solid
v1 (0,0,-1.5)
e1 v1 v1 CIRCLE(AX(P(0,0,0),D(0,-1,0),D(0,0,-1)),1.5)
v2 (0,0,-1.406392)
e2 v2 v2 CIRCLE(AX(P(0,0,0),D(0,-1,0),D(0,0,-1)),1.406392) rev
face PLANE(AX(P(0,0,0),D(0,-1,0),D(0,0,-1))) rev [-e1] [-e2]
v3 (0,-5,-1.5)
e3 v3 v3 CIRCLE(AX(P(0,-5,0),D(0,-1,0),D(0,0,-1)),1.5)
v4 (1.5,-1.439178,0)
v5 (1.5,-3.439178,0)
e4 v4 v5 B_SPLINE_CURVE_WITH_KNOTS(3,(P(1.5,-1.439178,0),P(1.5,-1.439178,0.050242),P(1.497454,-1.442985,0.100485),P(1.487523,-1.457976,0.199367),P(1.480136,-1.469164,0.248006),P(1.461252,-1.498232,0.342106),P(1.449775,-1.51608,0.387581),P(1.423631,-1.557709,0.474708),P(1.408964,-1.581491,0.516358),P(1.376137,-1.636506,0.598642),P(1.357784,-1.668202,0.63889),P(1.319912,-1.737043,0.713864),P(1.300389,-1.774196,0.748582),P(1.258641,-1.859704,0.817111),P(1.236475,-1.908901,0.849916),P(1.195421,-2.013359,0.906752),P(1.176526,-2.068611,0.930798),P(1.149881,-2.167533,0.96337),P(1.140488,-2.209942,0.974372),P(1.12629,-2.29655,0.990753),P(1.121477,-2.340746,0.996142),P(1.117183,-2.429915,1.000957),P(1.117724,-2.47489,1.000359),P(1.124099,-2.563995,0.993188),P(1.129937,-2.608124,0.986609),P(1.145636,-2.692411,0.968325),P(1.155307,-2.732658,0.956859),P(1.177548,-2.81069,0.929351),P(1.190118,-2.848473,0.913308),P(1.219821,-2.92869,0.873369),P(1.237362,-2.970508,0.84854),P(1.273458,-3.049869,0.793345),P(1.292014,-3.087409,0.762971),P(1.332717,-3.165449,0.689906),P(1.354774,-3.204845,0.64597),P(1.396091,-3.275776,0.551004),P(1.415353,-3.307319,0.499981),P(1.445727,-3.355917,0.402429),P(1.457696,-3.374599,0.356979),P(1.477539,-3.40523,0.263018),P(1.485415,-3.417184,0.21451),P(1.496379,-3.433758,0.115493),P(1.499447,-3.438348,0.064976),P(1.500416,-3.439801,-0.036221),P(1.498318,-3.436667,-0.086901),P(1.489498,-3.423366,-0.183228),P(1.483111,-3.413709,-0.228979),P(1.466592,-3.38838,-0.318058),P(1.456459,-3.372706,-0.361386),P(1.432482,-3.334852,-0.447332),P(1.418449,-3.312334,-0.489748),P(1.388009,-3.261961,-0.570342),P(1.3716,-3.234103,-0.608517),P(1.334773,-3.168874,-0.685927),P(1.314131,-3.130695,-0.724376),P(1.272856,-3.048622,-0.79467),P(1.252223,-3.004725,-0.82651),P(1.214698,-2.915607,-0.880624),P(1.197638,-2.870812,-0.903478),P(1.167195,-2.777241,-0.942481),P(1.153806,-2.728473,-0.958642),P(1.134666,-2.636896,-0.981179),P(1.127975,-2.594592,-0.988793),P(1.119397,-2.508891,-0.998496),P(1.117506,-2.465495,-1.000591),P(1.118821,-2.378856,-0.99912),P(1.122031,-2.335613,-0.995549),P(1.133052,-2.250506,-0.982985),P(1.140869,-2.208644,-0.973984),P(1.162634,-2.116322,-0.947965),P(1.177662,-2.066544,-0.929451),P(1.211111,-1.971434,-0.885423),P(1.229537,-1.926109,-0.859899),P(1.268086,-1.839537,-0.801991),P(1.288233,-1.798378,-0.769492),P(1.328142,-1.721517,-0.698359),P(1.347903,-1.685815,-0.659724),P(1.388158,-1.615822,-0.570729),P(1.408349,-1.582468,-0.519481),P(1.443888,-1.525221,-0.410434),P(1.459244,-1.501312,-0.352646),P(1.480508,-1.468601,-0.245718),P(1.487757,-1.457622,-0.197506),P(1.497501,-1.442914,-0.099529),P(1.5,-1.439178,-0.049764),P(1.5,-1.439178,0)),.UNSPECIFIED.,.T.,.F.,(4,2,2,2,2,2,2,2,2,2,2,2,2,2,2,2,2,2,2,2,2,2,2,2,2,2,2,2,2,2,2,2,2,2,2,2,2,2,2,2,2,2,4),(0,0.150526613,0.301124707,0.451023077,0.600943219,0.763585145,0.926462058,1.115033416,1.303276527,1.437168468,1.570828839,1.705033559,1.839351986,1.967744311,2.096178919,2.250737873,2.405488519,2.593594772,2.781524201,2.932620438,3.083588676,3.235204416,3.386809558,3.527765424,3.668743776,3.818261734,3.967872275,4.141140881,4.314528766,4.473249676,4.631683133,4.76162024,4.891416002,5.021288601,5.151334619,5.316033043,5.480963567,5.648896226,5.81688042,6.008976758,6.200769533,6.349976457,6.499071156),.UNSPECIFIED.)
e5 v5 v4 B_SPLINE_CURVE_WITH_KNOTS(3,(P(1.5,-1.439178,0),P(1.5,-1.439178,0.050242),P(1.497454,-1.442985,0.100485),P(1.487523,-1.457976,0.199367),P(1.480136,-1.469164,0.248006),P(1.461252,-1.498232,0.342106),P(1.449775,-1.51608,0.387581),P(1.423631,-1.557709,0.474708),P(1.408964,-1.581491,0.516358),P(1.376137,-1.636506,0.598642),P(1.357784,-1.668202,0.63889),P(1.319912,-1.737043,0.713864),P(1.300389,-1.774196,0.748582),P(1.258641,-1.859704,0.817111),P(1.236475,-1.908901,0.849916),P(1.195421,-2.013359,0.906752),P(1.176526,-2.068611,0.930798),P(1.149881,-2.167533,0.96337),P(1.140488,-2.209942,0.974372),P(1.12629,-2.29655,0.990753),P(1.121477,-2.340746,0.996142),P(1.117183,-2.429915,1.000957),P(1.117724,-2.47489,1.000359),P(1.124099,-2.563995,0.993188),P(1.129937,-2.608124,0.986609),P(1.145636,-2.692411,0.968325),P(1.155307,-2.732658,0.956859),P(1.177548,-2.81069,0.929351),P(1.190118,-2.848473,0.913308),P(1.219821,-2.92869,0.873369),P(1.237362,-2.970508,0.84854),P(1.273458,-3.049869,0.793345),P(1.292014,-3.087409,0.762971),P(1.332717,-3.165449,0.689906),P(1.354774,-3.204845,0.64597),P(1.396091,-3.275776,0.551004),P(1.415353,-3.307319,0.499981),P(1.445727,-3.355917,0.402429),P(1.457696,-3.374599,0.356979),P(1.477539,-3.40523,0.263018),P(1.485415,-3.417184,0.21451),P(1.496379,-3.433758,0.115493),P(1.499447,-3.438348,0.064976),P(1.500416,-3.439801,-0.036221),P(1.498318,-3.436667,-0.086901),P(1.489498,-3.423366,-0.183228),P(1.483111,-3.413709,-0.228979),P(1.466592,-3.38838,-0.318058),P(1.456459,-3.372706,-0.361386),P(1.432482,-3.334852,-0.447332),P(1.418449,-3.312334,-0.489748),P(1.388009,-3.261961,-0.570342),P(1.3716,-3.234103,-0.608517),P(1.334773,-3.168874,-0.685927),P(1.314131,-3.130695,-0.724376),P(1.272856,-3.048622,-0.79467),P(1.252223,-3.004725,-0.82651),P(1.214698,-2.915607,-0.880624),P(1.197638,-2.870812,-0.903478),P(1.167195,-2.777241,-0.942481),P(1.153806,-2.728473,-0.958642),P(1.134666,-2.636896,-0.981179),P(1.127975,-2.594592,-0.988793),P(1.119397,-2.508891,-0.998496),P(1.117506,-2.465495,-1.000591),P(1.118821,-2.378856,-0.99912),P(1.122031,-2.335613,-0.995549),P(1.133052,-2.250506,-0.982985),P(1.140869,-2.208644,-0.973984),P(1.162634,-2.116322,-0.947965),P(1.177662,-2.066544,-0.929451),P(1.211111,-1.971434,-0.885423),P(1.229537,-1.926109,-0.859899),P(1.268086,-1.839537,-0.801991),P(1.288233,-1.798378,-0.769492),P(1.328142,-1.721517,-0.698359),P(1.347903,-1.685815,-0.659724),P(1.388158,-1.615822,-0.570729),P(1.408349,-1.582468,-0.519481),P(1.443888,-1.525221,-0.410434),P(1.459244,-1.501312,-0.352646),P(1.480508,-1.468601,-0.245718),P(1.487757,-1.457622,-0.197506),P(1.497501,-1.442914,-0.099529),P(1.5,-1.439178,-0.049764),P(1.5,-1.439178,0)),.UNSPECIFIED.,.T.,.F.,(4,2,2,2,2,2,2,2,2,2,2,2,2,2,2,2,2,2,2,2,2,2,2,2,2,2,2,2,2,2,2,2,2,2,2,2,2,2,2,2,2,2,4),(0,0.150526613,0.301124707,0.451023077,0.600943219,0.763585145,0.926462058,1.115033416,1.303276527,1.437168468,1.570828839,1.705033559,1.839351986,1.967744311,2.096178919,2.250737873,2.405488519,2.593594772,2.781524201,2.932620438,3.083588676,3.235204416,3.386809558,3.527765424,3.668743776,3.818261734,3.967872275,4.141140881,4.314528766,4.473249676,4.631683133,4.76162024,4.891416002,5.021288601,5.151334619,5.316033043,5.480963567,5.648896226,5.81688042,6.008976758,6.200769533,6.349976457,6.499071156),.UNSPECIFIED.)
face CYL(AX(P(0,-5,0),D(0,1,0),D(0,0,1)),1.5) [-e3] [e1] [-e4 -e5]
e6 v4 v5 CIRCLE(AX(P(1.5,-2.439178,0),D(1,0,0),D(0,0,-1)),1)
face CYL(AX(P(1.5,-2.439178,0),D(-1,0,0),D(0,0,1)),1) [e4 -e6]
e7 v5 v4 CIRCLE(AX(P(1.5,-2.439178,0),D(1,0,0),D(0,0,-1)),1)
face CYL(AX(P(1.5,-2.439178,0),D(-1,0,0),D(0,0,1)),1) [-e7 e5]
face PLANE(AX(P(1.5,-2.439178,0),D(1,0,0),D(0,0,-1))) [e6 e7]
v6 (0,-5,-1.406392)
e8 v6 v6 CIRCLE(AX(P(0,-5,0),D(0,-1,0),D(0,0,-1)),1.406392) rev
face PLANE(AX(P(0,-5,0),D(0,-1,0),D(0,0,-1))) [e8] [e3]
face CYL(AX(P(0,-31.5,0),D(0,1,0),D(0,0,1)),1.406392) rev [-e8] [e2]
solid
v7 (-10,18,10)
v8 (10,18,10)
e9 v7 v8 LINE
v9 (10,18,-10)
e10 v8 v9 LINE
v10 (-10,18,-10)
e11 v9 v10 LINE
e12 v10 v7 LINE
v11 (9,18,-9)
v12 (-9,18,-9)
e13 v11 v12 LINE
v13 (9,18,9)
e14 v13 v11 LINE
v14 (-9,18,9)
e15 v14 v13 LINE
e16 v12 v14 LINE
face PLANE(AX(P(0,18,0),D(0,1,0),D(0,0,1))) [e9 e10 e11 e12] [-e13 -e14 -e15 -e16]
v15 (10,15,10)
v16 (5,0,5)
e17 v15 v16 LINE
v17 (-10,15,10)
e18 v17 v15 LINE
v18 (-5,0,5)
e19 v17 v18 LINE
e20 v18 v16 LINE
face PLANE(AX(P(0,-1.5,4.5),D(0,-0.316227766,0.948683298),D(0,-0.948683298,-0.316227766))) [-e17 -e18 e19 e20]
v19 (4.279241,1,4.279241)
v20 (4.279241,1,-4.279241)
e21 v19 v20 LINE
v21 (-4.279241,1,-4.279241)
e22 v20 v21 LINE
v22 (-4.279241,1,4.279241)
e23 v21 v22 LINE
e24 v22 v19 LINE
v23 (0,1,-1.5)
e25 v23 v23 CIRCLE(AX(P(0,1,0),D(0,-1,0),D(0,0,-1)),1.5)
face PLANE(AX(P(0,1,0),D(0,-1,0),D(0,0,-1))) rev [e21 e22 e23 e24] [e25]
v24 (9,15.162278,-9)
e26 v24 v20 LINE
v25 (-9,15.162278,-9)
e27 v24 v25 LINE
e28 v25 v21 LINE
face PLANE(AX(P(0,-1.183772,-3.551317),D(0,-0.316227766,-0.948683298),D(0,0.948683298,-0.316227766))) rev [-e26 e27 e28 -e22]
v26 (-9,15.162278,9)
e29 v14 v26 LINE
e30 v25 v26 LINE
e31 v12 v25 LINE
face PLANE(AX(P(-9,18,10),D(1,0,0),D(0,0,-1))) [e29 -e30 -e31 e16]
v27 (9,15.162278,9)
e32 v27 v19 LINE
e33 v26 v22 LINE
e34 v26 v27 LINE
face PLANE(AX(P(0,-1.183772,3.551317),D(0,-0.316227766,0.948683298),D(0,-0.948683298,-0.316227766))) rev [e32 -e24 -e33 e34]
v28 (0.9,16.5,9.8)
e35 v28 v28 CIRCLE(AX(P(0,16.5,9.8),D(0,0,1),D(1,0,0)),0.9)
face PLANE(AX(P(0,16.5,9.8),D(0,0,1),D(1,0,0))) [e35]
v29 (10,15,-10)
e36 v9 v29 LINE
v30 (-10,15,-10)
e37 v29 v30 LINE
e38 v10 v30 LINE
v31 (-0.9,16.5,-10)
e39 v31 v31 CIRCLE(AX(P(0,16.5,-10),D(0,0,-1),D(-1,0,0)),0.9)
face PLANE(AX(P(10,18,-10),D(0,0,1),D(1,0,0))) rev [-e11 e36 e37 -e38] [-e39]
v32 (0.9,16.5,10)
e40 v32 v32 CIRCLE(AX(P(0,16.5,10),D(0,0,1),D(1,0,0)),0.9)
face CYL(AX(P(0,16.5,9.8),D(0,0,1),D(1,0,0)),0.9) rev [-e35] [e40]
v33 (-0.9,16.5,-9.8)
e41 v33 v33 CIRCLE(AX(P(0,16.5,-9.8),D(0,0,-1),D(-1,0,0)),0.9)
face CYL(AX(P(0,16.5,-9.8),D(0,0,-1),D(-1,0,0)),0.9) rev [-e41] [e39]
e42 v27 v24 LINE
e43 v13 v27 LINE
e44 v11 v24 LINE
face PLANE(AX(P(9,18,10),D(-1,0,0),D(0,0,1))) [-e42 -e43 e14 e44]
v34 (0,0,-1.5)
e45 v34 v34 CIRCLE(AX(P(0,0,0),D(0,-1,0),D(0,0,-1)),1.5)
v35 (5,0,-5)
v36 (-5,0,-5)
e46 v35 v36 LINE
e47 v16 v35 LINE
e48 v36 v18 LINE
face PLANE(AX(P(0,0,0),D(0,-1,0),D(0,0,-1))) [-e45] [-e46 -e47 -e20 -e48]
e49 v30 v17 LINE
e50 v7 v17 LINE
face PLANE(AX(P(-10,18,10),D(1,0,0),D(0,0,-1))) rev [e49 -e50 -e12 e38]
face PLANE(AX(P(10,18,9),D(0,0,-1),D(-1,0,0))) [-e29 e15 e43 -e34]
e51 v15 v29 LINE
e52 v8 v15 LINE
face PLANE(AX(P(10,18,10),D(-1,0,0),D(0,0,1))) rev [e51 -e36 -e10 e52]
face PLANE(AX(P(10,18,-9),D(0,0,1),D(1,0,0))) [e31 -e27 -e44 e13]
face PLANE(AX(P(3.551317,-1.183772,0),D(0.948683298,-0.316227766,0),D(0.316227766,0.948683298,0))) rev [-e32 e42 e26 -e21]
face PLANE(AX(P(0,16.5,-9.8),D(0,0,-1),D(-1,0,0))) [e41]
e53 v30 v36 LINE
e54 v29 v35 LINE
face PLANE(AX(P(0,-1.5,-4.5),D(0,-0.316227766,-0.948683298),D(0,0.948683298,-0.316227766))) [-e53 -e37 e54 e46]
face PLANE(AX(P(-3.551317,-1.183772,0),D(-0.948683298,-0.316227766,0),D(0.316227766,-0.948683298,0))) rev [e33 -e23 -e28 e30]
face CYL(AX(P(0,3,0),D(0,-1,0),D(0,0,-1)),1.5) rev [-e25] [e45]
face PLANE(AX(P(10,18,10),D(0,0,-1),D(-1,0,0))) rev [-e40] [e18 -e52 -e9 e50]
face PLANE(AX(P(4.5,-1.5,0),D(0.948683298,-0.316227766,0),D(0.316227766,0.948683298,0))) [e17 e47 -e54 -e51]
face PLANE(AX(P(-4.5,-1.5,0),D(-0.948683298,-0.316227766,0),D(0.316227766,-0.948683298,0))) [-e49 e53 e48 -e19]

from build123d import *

# Parameters (mm, degrees)
CROQUIS3_W                 = 20
CROQUIS3_H                 = 20
SALIENTE_EXTRUIR1_DEPTH    = 3
VACIADO2_T                 = -1
CROQUIS4_R                 = 1.5
CORTAR_EXTRUIR1_DEPTH      = 3
CROQUIS5_R                 = 1.5
SALIENTE_EXTRUIR2_DEPTH    = 5
CROQUIS6_R                 = 1.355898714
CORTAR_EXTRUIR2_DEPTH      = 15
CROQUIS7_R                 = 1
SALIENTE_EXTRUIR4_DEPTH    = 1.5
CORTAR_EXTRUIR3_DEPTH      = 31.5
CORTAR_EXTRUIR3_DEPTH_BACK = 1.5
CROQUIS10_R                = 1.406391719
CROQUIS11_R                = 0.9
CORTAR_EXTRUIR4_DEPTH      = 0.2
CORTAR_EXTRUIR5_START      = -0.2
CROQUIS12_R                = 0.9
CORTAR_EXTRUIR5_DEPTH      = 0.2


with BuildPart() as part:
    # Croquis2 → Recubrir1 section 0
    with BuildSketch(Plane(origin=(0, 15, 0), x_dir=(1, 0, 0), z_dir=(0, 1, 0))):
        with BuildLine():
            Line((-10, -10), (10, -10))
            Line((10, -10), (10, 10))
            Line((10, 10), (-10, 10))
            Line((-10, 10), (-10, -10))
        make_face()
    # Croquis1 → Recubrir1 section 1
    with BuildSketch(Plane(origin=(0, 0, 0), x_dir=(1, 0, 0), z_dir=(0, 1, 0))):
        with BuildLine():
            Line((-5, -5), (5, -5))
            Line((5, -5), (5, 5))
            Line((5, 5), (-5, 5))
            Line((-5, 5), (-5, -5))
        make_face()
    loft()

    # Croquis3 → Saliente-Extruir1 (add)
    with BuildSketch(Plane(origin=(0, 15, 0), x_dir=(1, 0, 0), z_dir=(0, 1, 0))):
        Rectangle(CROQUIS3_W, CROQUIS3_H)
    extrude(amount=SALIENTE_EXTRUIR1_DEPTH)

    # Vaciado2
    vaciado2_openings = [part.faces().sort_by_distance(p)[0] for p in [
        (0, 18, 0),
    ]]
    offset(amount=VACIADO2_T, openings=vaciado2_openings, kind=Kind.INTERSECTION)

    # Croquis4 → Cortar-Extruir1 (cut)
    with BuildSketch(Plane(origin=(0, 0, 0), x_dir=(-1, 0, 0), z_dir=(0, -1, 0))):
        with Locations(Location((0, 0, 0), (0, 0, 90))):
            Circle(CROQUIS4_R)
    extrude(amount=-CORTAR_EXTRUIR1_DEPTH, mode=Mode.SUBTRACT)

    # Croquis11 → Cortar-Extruir4 (cut)
    with BuildSketch(Plane(origin=(0, 0, -10), x_dir=(-1, 0, 0), z_dir=(0, 0, -1))):
        with Locations((0, 16.5)):
            Circle(CROQUIS11_R)
    extrude(amount=-CORTAR_EXTRUIR4_DEPTH, mode=Mode.SUBTRACT)

    # Croquis12 → Cortar-Extruir5 (cut)
    with BuildSketch(Plane.XY.offset(10).offset(CORTAR_EXTRUIR5_START)):
        with Locations(Location((0, 16.5, 0), (0, 0, 180))):
            Circle(CROQUIS12_R)
    extrude(amount=CORTAR_EXTRUIR5_DEPTH, mode=Mode.SUBTRACT)


with BuildPart() as body_2:
    # Croquis5 → Saliente-Extruir2 (new body)
    with BuildSketch(Plane(origin=(0, 0, 0), x_dir=(-1, 0, 0), z_dir=(0, -1, 0))):
        with Locations(Location((0, 0, 0), (0, 0, 90))):
            Circle(CROQUIS5_R)
    extrude(amount=SALIENTE_EXTRUIR2_DEPTH)

    # Croquis6 → Cortar-Extruir2 (cut)
    with BuildSketch(Plane(origin=(0, -5, 0), x_dir=(-1, 0, 0), z_dir=(0, -1, 0))):
        with Locations(Location((0, 0, 0), (0, 0, 90))):
            Circle(CROQUIS6_R)
    extrude(amount=-CORTAR_EXTRUIR2_DEPTH, mode=Mode.SUBTRACT)

    # Croquis7 → Saliente-Extruir4 (add)
    with BuildSketch(Plane(origin=(0, 0, 0), x_dir=(0, 0, -1), z_dir=(1, 0, 0))):
        with Locations(Location((0, -2.4391778, 0), (0, 0, 180))):
            Circle(CROQUIS7_R)
    extrude(amount=SALIENTE_EXTRUIR4_DEPTH)

    # Croquis10 → Cortar-Extruir3 (cut, two sides: drawn at the far end of the back side and taken through both)
    with BuildSketch(Plane(origin=(0, 0, 0), x_dir=(-1, 0, 0), z_dir=(0, -1, 0)).offset(-CORTAR_EXTRUIR3_DEPTH_BACK)):
        with Locations(Location((0, 0, 0), (0, 0, 90))):
            Circle(CROQUIS10_R)
    extrude(amount=CORTAR_EXTRUIR3_DEPTH + CORTAR_EXTRUIR3_DEPTH_BACK, mode=Mode.SUBTRACT)


solid = Compound([part.part, body_2.part])
